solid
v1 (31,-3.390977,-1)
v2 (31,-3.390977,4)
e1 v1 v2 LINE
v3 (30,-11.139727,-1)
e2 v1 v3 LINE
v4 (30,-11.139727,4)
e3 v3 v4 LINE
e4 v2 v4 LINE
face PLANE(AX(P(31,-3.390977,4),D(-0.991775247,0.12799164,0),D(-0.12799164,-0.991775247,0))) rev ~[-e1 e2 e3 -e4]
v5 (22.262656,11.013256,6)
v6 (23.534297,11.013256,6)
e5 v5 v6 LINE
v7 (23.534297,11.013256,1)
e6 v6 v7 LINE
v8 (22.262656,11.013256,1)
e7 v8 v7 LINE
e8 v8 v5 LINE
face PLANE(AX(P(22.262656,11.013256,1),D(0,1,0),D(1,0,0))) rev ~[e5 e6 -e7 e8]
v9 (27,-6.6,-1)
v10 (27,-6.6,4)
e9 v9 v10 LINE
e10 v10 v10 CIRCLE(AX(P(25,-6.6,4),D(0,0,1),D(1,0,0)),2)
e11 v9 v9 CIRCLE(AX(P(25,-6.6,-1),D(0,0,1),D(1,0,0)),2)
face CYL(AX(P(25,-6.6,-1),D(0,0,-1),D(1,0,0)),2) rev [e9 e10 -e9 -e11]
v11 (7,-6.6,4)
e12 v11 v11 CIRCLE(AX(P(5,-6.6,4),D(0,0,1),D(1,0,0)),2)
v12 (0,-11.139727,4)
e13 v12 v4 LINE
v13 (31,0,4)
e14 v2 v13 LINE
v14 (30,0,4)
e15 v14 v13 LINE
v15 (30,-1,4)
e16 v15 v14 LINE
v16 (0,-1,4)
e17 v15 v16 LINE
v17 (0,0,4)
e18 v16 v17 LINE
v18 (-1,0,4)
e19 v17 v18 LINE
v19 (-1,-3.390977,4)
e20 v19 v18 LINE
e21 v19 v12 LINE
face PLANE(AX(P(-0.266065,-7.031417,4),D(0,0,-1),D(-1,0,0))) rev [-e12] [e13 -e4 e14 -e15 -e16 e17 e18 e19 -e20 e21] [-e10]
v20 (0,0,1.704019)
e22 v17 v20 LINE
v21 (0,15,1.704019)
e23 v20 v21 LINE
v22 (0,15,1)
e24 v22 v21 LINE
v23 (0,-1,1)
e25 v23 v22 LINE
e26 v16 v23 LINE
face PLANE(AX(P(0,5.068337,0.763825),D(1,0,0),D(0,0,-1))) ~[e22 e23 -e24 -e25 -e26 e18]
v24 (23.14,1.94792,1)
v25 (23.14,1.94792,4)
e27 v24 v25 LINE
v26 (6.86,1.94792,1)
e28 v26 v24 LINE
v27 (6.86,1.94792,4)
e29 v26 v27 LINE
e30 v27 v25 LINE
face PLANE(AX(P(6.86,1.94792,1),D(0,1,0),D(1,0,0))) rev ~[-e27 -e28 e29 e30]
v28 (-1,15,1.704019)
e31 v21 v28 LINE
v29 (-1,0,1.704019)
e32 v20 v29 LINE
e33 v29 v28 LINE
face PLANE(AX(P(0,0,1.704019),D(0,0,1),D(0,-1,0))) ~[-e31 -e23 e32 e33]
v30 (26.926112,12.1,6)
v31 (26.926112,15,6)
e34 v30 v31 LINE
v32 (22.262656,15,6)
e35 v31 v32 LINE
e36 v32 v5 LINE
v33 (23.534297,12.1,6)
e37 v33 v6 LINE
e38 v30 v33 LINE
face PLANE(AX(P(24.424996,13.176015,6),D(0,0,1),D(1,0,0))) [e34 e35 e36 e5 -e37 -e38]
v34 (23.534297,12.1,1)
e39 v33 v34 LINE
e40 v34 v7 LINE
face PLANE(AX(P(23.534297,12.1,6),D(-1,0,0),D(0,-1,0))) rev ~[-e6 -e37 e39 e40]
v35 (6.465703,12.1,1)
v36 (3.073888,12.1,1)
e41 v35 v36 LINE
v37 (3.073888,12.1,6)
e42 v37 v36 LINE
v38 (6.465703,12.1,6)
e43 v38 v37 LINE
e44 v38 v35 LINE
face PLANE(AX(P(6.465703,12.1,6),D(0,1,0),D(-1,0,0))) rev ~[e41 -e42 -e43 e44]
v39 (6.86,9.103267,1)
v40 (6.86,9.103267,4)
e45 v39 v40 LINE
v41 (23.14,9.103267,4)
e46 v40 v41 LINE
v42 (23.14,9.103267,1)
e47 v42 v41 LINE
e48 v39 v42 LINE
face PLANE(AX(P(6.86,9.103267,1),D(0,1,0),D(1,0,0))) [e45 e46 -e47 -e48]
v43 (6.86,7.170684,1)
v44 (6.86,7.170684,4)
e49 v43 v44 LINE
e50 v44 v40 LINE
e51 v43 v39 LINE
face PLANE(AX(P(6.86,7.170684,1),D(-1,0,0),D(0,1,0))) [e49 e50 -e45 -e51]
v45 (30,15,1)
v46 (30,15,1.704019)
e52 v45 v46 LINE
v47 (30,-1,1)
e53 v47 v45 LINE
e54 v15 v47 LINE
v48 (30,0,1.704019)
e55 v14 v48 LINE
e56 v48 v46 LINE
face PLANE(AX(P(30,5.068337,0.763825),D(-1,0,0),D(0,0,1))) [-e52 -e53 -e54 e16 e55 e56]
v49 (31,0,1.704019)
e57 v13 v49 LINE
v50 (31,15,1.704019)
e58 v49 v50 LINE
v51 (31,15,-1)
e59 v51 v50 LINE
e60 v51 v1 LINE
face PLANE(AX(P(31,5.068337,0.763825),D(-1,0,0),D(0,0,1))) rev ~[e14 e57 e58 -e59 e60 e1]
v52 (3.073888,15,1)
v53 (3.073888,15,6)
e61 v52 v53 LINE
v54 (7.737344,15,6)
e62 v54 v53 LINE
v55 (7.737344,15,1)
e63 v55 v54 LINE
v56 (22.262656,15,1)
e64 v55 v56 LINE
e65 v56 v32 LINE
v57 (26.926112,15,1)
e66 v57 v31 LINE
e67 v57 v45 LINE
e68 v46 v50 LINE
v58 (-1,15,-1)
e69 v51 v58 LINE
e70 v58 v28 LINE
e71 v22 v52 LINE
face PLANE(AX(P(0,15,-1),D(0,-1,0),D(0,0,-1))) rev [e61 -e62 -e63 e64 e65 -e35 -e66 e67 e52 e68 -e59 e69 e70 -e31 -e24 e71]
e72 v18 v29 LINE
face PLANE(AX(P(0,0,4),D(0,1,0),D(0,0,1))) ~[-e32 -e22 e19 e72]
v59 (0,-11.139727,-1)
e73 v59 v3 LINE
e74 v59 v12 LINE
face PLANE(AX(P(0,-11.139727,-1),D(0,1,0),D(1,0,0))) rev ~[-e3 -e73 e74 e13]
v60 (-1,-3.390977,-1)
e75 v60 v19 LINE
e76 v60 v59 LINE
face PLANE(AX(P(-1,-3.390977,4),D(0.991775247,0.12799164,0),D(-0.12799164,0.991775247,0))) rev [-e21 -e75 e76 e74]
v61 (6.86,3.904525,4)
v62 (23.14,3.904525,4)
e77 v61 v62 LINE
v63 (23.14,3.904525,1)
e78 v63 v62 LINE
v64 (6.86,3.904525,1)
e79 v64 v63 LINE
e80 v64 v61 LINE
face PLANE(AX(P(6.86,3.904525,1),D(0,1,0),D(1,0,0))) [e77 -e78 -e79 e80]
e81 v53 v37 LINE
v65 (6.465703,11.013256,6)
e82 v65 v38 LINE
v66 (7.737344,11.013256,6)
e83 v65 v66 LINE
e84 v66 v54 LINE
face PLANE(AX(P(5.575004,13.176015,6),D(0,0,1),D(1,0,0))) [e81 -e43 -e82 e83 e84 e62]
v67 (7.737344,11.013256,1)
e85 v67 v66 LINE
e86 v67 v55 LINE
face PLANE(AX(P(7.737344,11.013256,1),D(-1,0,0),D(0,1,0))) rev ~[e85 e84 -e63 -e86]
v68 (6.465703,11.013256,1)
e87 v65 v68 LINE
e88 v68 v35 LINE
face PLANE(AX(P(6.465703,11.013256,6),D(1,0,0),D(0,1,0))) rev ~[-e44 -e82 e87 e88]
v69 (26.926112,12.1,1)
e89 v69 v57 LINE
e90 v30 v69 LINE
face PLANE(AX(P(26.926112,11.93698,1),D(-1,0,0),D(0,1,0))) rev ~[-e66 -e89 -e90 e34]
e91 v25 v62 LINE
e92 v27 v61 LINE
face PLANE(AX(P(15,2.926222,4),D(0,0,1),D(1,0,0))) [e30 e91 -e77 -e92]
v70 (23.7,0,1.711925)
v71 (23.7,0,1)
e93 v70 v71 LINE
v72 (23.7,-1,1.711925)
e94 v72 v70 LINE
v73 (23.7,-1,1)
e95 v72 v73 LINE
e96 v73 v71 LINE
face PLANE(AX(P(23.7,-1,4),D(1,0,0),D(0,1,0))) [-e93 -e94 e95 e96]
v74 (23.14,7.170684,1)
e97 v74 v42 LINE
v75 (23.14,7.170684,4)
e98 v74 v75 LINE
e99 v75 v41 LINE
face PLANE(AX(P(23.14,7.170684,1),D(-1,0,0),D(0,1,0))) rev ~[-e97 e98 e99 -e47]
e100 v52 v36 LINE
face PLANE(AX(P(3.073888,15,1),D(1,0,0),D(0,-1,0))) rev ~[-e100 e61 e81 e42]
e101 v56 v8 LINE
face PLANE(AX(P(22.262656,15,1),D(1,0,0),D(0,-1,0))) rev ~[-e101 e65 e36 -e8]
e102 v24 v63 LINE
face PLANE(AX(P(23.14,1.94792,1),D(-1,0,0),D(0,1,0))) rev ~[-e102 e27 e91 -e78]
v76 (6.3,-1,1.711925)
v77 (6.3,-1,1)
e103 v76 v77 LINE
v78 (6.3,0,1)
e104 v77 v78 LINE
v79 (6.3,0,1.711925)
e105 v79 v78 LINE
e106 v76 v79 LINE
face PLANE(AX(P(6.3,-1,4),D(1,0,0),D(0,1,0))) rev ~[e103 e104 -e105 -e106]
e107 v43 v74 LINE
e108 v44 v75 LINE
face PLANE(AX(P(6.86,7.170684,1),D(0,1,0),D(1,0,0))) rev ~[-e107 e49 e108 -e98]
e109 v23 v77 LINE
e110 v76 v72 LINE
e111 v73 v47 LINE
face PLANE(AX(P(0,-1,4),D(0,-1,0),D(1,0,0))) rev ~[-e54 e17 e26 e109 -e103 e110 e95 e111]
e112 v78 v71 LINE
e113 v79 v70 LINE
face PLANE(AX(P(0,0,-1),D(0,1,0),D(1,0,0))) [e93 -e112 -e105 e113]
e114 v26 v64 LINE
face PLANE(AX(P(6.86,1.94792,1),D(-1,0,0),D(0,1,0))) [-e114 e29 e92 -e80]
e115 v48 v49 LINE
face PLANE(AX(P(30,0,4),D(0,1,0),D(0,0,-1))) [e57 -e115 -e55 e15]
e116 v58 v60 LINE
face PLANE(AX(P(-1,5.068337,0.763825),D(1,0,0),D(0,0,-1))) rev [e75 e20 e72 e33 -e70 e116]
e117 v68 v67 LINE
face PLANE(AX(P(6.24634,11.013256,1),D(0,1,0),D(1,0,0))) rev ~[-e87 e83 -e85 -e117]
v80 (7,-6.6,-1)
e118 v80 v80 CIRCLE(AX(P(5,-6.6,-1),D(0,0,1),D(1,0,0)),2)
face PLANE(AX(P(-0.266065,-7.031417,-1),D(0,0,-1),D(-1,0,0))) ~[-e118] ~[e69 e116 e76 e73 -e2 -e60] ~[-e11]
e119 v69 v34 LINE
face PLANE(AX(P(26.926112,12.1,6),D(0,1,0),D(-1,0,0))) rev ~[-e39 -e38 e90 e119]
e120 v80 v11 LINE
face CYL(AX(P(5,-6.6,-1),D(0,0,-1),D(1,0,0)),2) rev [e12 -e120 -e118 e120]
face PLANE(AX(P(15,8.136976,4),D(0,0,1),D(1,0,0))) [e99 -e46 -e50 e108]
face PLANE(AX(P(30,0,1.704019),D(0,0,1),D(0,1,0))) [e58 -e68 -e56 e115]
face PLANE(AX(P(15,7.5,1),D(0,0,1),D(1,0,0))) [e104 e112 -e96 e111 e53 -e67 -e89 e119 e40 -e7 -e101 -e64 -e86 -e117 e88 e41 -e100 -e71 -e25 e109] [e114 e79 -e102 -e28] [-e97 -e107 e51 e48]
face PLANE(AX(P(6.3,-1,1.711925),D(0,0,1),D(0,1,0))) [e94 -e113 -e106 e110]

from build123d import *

# Parameters (mm, degrees)
SKETCH_1_W           = 30
SKETCH_1_H           = 15
EXTRUDE_1_DEPTH      = 1
EXTRUDE_2_DEPTH      = 3
EXTRUDE_2_DEPTH_BACK = 2
SKETCH_2_W           = 30
SKETCH_2_H           = 11.139726918
SKETCH_2_R           = 2
SKETCH_3_W           = 6.3
SKETCH_3_H           = 1
CUT_EXTRUDE_1_DEPTH  = 3
EXTRUDE_3_DEPTH      = 1
EXTRUDE_4_DEPTH      = 5
CUT_EXTRUDE_2_REACH  = 31.173
SKETCH_8_W           = 2.28807502
SKETCH_8_H           = 1
EXTRUDE_6_DEPTH      = 5
SKETCH_10_W          = 16.28
SKETCH_10_H          = 1.956604577
SKETCH_10_H_2        = 1.932582498
EXTRUDE_7_DEPTH      = 3
CUT_EXTRUDE_3_DEPTH  = 5


with BuildPart() as part:
    # 草图1 → 凸台-拉伸1 (new, symmetric)
    with BuildSketch(Plane.XY):
        with Locations((15, 7.5)):
            Rectangle(SKETCH_1_W, SKETCH_1_H)
    extrude(amount=EXTRUDE_1_DEPTH, both=True)

    # 草图2 → 凸台-拉伸2 (add, two sides: drawn at the far end of the back side and taken through both)
    with BuildSketch(Plane.XY.offset(1).offset(-EXTRUDE_2_DEPTH_BACK)):
        with Locations((15, -5.569863459)):
            Rectangle(SKETCH_2_W, SKETCH_2_H)
        with Locations((25, -6.6)):
            Circle(SKETCH_2_R, mode=Mode.SUBTRACT)
        with Locations((5, -6.6)):
            Circle(SKETCH_2_R, mode=Mode.SUBTRACT)
    extrude(amount=EXTRUDE_2_DEPTH + EXTRUDE_2_DEPTH_BACK)

    # 草图3 → 切除-拉伸1 (cut)
    with BuildSketch(Plane.XY.offset(4)):
        with Locations((26.85, -0.5)):
            Rectangle(SKETCH_3_W, SKETCH_3_H)
        with Locations((3.15, -0.5)):
            Rectangle(SKETCH_3_W, SKETCH_3_H)
    extrude(amount=-CUT_EXTRUDE_1_DEPTH, mode=Mode.SUBTRACT)

    # 草图4 → 凸台-拉伸3 (add)
    with BuildSketch(Plane(origin=(30, 0, 0), x_dir=(0, 0, -1), z_dir=(1, 0, 0))):
        Polygon((-1.704019465, 0), (-1.704019465, 15), (-1, 15), (1, 15), (1, -3.390976711), (-4, -3.390976711), (-4, 0), align=None)
    extrude_3 = extrude(amount=EXTRUDE_3_DEPTH)

    # 草图5 → 凸台-拉伸4 (add)
    with BuildSketch(Plane.XY.offset(4)):
        Polygon((31, -3.390976711), (30, -11.139726918), (30, -3.390976711), align=None)
    extrude_4 = extrude(amount=-EXTRUDE_4_DEPTH)

    # 镜向1: 凸台-拉伸3, 凸台-拉伸4 across plane
    add(extrude_3.mirror(Plane(origin=(15, 0, 0), x_dir=(0, 0, 1), z_dir=(1, 0, 0))))
    add(extrude_4.mirror(Plane(origin=(15, 0, 0), x_dir=(0, 0, 1), z_dir=(1, 0, 0))))

    # 草图8 → 切除-拉伸2 (cut, up to next)
    with BuildSketch(Plane.ZY.offset(-6.3), mode=Mode.PRIVATE) as cut_extrude_2_sk1:
        with Locations((2.85596249, -0.5)):
            Rectangle(SKETCH_8_W, SKETCH_8_H)
    cut_extrude_2_tool1 = extrude(cut_extrude_2_sk1.sketch, amount=-CUT_EXTRUDE_2_REACH, mode=Mode.PRIVATE) & part.part
    add(cut_extrude_2_tool1.solids().sort_by_distance((6.3, -0.5, 2.855962))[0], mode=Mode.SUBTRACT)

    # 草图9 → 凸台-拉伸6 (add)
    with BuildSketch(Plane.XY.offset(1)):
        Polygon((6.147776054, 15), (3.073888027, 15), (3.073888027, 11.936980184), (6.147776054, 11.936980184), (6.246340003, 11.936980184), (6.246340003, 11.013255946), (7.737344454, 11.013255946), (7.737344454, 15), align=None)
        Polygon((23.852223946, 15), (22.262655546, 15), (22.262655546, 11.013255946), (23.753659997, 11.013255946), (23.753659997, 11.936980184), (23.852223946, 11.936980184), (26.926111973, 11.936980184), (26.926111973, 15), align=None)
    extrude(amount=EXTRUDE_6_DEPTH)

    # 草图10 → 凸台-拉伸7 (add)
    with BuildSketch(Plane.XY.offset(1)):
        with Locations((15, 2.926222334)):
            Rectangle(SKETCH_10_W, SKETCH_10_H)
        with Locations((15, 8.136975565)):
            Rectangle(SKETCH_10_W, SKETCH_10_H_2)
    extrude(amount=EXTRUDE_7_DEPTH)

    # 草图11 → 切除-拉伸3 (cut)
    with BuildSketch(Plane.XY.offset(6)):
        Polygon((3.073888027, 11.936980184), (6.246340003, 11.936980184), (6.246340003, 11.013255946), (6.465703182, 11.013255946), (6.465703182, 12.1), (3.073888027, 12.1), align=None)
        Polygon((26.926111973, 11.936980184), (26.926111973, 12.1), (23.534296818, 12.1), (23.534296818, 11.013255946), (23.753659997, 11.013255946), (23.753659997, 11.936980184), align=None)
    extrude(amount=-CUT_EXTRUDE_3_DEPTH, mode=Mode.SUBTRACT)


solid = part.part
